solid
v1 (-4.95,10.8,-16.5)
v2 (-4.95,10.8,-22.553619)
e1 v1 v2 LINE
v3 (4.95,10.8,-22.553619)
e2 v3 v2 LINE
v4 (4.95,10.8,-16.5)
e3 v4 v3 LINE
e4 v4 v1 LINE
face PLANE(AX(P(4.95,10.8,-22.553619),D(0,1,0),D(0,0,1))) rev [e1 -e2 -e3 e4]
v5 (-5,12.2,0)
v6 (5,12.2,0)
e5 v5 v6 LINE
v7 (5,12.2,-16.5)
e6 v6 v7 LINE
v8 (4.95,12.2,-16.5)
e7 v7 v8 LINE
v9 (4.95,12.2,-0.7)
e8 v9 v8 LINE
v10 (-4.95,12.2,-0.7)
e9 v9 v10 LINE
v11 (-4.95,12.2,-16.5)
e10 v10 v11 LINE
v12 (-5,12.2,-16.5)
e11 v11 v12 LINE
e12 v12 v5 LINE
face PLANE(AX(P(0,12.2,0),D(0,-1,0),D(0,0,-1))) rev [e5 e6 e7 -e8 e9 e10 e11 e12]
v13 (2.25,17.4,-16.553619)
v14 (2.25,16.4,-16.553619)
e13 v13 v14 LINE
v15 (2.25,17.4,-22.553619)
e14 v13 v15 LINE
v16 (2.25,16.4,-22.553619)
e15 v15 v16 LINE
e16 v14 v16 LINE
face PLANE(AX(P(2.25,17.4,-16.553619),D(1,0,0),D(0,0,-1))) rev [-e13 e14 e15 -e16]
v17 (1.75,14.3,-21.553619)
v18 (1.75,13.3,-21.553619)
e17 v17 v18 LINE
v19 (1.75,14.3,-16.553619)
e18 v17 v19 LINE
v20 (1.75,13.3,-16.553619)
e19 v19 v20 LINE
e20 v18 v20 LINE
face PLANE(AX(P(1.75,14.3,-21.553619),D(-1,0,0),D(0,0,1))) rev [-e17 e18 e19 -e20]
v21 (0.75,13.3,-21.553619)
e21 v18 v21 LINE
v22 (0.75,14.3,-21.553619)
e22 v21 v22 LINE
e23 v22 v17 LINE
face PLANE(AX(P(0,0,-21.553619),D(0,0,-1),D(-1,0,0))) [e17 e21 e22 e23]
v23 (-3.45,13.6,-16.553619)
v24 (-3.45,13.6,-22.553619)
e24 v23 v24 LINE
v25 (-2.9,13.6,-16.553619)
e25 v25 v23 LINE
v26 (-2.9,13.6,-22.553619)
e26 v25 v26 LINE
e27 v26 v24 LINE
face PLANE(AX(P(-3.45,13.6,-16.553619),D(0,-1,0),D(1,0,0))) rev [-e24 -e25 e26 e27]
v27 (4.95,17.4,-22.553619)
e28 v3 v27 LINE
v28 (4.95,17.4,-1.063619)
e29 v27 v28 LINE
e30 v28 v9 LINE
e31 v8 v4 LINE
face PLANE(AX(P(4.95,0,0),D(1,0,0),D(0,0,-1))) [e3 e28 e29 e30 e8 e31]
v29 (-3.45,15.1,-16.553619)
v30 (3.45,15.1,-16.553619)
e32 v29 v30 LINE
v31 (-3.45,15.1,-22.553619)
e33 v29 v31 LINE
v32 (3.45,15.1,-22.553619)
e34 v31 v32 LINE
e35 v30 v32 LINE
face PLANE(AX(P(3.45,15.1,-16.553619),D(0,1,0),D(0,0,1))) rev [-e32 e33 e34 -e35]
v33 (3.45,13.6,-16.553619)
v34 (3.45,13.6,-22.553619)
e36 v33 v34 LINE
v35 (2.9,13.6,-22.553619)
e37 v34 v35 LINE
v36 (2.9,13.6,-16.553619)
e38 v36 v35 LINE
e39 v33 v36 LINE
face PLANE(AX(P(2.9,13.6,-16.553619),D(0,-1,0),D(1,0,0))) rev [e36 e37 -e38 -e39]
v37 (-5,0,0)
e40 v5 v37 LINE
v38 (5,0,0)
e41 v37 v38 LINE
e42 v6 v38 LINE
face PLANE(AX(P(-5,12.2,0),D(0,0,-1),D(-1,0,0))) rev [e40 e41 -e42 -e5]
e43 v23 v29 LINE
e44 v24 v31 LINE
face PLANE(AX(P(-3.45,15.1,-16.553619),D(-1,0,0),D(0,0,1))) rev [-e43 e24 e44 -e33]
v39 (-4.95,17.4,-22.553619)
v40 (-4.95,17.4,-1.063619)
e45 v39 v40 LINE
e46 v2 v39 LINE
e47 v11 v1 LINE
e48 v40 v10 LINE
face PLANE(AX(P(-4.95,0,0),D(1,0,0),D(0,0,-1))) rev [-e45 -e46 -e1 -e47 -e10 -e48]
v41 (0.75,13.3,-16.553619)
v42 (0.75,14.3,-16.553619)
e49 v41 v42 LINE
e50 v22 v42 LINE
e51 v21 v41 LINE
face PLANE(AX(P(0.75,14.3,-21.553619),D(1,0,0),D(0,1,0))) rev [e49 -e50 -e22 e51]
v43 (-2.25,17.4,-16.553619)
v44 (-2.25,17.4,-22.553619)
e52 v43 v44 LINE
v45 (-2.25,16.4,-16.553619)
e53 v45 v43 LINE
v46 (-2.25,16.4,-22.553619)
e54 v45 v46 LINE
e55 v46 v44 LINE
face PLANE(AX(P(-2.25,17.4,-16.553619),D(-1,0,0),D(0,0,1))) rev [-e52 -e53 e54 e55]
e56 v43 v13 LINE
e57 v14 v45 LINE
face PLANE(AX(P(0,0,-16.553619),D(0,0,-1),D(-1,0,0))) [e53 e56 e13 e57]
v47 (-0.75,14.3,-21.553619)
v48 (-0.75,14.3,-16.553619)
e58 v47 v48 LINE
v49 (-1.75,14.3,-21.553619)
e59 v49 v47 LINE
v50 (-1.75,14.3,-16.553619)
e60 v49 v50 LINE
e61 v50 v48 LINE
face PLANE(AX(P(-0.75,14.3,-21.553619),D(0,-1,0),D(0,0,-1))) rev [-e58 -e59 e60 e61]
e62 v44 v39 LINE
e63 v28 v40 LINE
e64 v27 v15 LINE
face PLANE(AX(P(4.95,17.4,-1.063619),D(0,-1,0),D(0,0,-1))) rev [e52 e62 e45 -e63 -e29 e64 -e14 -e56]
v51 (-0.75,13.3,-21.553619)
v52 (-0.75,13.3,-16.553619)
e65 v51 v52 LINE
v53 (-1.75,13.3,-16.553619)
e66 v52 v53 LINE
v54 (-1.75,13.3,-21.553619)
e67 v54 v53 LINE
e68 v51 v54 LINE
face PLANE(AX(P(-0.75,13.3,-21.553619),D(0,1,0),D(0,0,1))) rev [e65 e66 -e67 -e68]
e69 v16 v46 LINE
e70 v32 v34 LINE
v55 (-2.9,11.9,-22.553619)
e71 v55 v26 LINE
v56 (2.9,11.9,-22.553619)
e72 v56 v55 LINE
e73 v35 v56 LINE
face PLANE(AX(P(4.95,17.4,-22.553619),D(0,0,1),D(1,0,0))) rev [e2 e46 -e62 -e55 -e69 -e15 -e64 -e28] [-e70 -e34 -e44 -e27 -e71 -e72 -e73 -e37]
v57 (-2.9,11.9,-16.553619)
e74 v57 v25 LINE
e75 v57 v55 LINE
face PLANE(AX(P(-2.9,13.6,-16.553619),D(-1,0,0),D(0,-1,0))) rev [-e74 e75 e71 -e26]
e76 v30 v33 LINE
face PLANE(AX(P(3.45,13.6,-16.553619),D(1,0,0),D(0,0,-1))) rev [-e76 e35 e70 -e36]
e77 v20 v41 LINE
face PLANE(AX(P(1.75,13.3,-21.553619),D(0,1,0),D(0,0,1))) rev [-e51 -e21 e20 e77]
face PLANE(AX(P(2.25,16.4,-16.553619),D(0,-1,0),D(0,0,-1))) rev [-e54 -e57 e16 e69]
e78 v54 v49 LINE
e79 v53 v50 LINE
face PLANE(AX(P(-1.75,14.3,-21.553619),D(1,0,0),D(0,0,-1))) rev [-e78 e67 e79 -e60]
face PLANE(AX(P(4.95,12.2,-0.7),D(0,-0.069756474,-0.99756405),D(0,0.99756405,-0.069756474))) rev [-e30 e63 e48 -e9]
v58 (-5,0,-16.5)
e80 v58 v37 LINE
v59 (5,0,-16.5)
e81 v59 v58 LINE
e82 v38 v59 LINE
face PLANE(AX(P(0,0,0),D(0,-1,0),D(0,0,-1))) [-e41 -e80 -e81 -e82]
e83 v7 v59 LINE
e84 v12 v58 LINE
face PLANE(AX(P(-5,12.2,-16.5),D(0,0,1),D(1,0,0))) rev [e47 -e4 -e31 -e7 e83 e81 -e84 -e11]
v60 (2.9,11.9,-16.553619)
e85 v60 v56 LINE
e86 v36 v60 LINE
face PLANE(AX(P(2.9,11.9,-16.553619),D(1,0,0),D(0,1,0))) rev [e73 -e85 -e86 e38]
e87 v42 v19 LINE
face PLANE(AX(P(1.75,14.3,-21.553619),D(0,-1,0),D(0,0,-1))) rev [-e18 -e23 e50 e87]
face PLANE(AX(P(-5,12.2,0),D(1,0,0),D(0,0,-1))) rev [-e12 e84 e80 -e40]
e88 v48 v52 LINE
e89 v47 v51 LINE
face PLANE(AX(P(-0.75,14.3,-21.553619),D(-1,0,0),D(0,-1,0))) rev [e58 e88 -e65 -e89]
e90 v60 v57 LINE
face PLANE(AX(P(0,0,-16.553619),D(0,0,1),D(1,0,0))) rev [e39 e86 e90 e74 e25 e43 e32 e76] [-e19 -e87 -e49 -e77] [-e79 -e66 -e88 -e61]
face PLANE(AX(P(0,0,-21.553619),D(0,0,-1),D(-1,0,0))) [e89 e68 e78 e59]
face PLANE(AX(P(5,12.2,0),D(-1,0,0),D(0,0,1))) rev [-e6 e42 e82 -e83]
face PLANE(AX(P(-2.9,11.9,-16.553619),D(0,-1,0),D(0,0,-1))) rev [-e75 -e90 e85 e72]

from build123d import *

# Parameters (mm, degrees)
SKETCH1_W       = 10
SKETCH1_H       = 16.5
MAIN_BODY_DEPTH = 12.2
M_BASE_DEPTH    = 4.95
SKETCH12_W      = 4.5
SKETCH12_H      = 1
MO_CUT_1_DEPTH  = 6
SKETCH13_W      = 1
SKETCH13_H      = 1
MO_PINS_DEPTH   = 5


with BuildPart() as part:
    # Sketch1 → Main_Body (new body)
    with BuildSketch(Plane(origin=(0, 0, 0), x_dir=(1, 0, 0), z_dir=(0, 1, 0))):
        with Locations((0, 8.25)):
            Rectangle(SKETCH1_W, SKETCH1_H)
    extrude(amount=MAIN_BODY_DEPTH)

    # Sketch11 → M_Base (add, symmetric)
    with BuildSketch(Plane(origin=(0, 0, 0), x_dir=(0, 0, -1), z_dir=(1, 0, 0))):
        Polygon((0.7, 12.2), (1.063619422, 17.4), (22.553619422, 17.4), (22.553619422, 10.8), (16.5, 10.8), (16.5, 12.2), align=None)
    extrude(amount=M_BASE_DEPTH, both=True)

    # Sketch12 → MO_Cut_1 (cut)
    with BuildSketch(Plane(origin=(0, 0, -22.553619422), x_dir=(-1, 0, 0), z_dir=(0, 0, -1))):
        with Locations((0, 16.9)):
            Rectangle(SKETCH12_W, SKETCH12_H)
        Polygon((-3.45, 15.1), (3.45, 15.1), (3.45, 13.6), (2.9, 13.6), (2.9, 11.9), (-2.9, 11.9), (-2.9, 13.6), (-3.45, 13.6), align=None)
    extrude(amount=-MO_CUT_1_DEPTH, mode=Mode.SUBTRACT)

    # Sketch13 → MO_Pins (add)
    with BuildSketch(Plane(origin=(0, 0, -16.553619422), x_dir=(-1, 0, 0), z_dir=(0, 0, -1))):
        with Locations((-1.25, 13.8)):
            Rectangle(SKETCH13_W, SKETCH13_H)
        with Locations((1.25, 13.8)):
            Rectangle(SKETCH13_W, SKETCH13_H)
    extrude(amount=MO_PINS_DEPTH)


solid = part.part
